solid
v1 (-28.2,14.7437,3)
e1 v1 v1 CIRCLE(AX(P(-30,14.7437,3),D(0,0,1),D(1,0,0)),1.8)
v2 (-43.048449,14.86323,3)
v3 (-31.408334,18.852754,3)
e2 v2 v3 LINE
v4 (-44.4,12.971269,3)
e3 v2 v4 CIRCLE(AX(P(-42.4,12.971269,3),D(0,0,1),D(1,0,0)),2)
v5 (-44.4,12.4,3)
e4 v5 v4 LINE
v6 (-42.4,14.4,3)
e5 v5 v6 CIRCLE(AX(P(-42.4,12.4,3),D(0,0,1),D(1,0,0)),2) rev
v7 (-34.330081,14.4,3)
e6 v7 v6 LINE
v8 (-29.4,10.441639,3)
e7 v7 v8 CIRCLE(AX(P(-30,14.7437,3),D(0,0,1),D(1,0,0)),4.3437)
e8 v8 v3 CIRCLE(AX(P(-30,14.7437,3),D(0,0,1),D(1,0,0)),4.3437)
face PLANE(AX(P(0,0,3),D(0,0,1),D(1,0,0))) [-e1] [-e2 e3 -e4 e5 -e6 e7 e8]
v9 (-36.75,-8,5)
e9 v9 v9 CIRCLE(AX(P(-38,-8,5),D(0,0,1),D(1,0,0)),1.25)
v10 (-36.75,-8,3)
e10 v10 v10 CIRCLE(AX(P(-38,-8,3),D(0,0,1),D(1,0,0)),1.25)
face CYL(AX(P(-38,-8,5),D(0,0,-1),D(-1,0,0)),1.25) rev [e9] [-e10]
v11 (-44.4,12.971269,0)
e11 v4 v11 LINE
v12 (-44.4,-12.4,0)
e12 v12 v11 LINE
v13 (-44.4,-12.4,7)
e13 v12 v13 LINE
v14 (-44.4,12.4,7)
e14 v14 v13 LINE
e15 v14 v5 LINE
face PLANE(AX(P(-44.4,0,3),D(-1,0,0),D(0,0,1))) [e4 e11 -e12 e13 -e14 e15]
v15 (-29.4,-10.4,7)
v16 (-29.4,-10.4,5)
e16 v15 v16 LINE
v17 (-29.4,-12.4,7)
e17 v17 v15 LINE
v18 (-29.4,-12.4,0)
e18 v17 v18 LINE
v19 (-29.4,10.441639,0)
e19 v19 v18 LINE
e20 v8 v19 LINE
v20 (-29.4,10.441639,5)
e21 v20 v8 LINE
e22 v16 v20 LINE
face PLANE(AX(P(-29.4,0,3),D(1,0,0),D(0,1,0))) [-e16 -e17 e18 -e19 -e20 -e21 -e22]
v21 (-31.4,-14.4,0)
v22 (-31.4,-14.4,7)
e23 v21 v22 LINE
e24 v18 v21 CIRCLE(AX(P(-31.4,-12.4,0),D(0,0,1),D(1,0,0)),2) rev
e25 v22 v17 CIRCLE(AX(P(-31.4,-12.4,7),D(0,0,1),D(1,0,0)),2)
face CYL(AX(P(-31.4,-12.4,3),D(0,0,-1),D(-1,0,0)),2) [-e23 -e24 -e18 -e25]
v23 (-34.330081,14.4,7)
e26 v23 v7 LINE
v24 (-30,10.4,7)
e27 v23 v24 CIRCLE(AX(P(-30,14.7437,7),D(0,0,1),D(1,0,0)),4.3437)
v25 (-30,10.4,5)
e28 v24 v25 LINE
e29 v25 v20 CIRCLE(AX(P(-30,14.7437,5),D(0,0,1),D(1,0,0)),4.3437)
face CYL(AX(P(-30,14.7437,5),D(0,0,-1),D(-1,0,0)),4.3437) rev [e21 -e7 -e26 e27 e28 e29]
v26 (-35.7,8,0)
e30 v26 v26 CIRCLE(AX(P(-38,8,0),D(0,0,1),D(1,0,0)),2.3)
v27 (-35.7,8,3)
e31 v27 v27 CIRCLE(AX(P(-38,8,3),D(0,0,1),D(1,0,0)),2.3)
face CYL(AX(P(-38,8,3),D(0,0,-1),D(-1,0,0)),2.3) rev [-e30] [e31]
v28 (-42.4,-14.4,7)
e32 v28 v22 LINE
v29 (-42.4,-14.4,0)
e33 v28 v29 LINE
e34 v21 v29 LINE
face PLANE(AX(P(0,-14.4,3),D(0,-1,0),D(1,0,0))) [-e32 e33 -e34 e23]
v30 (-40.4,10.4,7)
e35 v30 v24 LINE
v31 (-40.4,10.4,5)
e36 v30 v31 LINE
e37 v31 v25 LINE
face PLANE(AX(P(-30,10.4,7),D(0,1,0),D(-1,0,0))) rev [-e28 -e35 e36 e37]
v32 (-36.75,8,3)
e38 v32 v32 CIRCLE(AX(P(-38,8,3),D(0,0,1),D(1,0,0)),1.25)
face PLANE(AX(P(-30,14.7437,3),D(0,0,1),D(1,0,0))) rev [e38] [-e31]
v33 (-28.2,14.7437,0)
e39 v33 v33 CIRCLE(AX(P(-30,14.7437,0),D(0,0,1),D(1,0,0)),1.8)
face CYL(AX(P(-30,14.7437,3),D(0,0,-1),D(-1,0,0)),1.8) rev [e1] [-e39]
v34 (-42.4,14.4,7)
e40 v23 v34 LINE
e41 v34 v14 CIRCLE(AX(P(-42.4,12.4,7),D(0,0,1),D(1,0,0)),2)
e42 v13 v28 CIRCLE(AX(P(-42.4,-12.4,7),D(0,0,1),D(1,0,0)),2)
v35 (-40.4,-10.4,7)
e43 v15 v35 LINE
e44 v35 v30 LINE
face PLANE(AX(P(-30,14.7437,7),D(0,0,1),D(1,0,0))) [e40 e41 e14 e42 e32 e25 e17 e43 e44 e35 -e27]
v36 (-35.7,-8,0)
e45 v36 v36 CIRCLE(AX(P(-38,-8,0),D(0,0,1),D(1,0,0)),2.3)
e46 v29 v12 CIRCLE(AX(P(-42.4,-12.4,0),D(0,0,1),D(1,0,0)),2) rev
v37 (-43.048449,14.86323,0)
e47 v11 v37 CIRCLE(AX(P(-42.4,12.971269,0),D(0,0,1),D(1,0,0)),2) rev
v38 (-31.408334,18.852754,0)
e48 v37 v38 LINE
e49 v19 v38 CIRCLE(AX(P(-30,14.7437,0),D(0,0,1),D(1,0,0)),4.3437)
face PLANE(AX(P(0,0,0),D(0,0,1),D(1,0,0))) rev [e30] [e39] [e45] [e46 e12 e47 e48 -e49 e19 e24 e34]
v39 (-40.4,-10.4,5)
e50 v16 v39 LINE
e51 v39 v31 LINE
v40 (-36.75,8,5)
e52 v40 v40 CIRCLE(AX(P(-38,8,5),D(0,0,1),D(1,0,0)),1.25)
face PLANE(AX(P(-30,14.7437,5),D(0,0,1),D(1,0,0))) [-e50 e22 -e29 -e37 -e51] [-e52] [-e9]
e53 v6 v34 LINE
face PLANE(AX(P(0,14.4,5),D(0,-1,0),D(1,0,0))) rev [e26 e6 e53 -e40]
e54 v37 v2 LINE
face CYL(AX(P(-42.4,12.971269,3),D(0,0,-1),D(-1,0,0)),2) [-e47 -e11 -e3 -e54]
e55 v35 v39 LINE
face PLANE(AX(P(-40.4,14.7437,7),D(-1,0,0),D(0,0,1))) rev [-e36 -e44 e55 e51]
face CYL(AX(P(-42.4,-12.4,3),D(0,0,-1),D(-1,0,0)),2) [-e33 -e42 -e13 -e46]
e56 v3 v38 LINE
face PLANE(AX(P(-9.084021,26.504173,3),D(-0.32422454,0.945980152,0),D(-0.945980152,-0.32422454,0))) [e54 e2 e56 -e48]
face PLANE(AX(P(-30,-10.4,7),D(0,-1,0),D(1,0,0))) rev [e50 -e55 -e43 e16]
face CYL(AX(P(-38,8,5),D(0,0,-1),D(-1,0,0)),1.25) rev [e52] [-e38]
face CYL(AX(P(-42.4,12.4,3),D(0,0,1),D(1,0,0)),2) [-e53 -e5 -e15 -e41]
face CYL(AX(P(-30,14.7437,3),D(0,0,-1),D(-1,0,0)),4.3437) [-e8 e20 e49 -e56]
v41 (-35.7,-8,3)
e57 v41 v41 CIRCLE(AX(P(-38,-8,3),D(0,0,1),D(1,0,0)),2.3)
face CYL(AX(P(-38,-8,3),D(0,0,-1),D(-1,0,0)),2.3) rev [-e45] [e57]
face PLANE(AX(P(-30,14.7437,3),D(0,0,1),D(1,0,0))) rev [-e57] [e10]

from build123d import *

# Parameters (mm, degrees)
SKETCH1_R           = 1.8
SKETCH1_R_2         = 2.3
BOSS_EXTRUDE1_DEPTH = 3
BOSS_EXTRUDE2_START = 3
SKETCH1_4_R         = 1.25
BOSS_EXTRUDE2_DEPTH = 2
BOSS_EXTRUDE3_START = 5
BOSS_EXTRUDE3_DEPTH = 2
FILLET1_R           = 2
FILLET2_R           = 2


with BuildPart() as part:
    # Sketch1 → Boss-Extrude1 (new body)
    with BuildSketch(Plane.XY):
        with BuildLine():
            Line((-44.4, 14.4), (-44.4, -14.4))
            Line((-44.4, -14.4), (-29.4, -14.4))
            Line((-29.4, -14.4), (-29.4, 10.441638902))
            ThreePointArc((-29.4, 10.441638902), (-25.775066243, 15.752493555), (-31.408334135, 18.852753985))
            Line((-31.408334135, 18.852753985), (-44.4, 14.4))
        make_face()
        with Locations((-30, 14.7437)):
            Circle(SKETCH1_R, mode=Mode.SUBTRACT)
        with Locations((-38, 8)):
            Circle(SKETCH1_R_2, mode=Mode.SUBTRACT)
        with Locations((-38, -8)):
            Circle(SKETCH1_R_2, mode=Mode.SUBTRACT)
    extrude(amount=BOSS_EXTRUDE1_DEPTH)

    # Sketch1<4> → Boss-Extrude2 (add)
    with BuildSketch(Plane.XY.offset(BOSS_EXTRUDE2_START)):
        with BuildLine():
            Line((-29.4, -14.4), (-29.4, 10.441638902))
            ThreePointArc((-29.4, 10.441638902), (-32.719472632, 11.356636627), (-34.330080831, 14.4))
            Line((-34.330080831, 14.4), (-44.4, 14.4))
            Line((-44.4, 14.4), (-44.4, -14.4))
            Line((-44.4, -14.4), (-29.4, -14.4))
        make_face()
        with Locations((-38, -8)):
            Circle(SKETCH1_4_R, mode=Mode.SUBTRACT)
        with Locations((-38, 8)):
            Circle(SKETCH1_4_R, mode=Mode.SUBTRACT)
    extrude(amount=BOSS_EXTRUDE2_DEPTH)

    # Sketch1<5> → Boss-Extrude3 (add)
    with BuildSketch(Plane.XY.offset(BOSS_EXTRUDE3_START)):
        with BuildLine():
            Line((-29.4, -14.4), (-29.4, -10.4))
            Line((-29.4, -10.4), (-40.4, -10.4))
            Line((-40.4, -10.4), (-40.4, 10.4))
            Line((-40.4, 10.4), (-30, 10.4))
            ThreePointArc((-30, 10.4), (-32.947439567, 11.553037108), (-34.330080831, 14.4))
            Line((-34.330080831, 14.4), (-44.4, 14.4))
            Line((-44.4, 14.4), (-44.4, -14.4))
            Line((-44.4, -14.4), (-29.4, -14.4))
        make_face()
    extrude(amount=BOSS_EXTRUDE3_DEPTH)

    # Fillet1
    fillet1_edges = [part.edges().sort_by_distance(p)[0] for p in [
        (-29.4, -14.4, 3.5),
        (-44.4, -14.4, 3.5),
        (-44.4, 14.4, 5),
    ]]
    fillet(fillet1_edges, radius=FILLET1_R)

    # Fillet2
    fillet2_edges = [part.edges().sort_by_distance(p)[0] for p in [
        (-44.4, 14.4, 1.5),
    ]]
    fillet(fillet2_edges, radius=FILLET2_R)


solid = part.part
